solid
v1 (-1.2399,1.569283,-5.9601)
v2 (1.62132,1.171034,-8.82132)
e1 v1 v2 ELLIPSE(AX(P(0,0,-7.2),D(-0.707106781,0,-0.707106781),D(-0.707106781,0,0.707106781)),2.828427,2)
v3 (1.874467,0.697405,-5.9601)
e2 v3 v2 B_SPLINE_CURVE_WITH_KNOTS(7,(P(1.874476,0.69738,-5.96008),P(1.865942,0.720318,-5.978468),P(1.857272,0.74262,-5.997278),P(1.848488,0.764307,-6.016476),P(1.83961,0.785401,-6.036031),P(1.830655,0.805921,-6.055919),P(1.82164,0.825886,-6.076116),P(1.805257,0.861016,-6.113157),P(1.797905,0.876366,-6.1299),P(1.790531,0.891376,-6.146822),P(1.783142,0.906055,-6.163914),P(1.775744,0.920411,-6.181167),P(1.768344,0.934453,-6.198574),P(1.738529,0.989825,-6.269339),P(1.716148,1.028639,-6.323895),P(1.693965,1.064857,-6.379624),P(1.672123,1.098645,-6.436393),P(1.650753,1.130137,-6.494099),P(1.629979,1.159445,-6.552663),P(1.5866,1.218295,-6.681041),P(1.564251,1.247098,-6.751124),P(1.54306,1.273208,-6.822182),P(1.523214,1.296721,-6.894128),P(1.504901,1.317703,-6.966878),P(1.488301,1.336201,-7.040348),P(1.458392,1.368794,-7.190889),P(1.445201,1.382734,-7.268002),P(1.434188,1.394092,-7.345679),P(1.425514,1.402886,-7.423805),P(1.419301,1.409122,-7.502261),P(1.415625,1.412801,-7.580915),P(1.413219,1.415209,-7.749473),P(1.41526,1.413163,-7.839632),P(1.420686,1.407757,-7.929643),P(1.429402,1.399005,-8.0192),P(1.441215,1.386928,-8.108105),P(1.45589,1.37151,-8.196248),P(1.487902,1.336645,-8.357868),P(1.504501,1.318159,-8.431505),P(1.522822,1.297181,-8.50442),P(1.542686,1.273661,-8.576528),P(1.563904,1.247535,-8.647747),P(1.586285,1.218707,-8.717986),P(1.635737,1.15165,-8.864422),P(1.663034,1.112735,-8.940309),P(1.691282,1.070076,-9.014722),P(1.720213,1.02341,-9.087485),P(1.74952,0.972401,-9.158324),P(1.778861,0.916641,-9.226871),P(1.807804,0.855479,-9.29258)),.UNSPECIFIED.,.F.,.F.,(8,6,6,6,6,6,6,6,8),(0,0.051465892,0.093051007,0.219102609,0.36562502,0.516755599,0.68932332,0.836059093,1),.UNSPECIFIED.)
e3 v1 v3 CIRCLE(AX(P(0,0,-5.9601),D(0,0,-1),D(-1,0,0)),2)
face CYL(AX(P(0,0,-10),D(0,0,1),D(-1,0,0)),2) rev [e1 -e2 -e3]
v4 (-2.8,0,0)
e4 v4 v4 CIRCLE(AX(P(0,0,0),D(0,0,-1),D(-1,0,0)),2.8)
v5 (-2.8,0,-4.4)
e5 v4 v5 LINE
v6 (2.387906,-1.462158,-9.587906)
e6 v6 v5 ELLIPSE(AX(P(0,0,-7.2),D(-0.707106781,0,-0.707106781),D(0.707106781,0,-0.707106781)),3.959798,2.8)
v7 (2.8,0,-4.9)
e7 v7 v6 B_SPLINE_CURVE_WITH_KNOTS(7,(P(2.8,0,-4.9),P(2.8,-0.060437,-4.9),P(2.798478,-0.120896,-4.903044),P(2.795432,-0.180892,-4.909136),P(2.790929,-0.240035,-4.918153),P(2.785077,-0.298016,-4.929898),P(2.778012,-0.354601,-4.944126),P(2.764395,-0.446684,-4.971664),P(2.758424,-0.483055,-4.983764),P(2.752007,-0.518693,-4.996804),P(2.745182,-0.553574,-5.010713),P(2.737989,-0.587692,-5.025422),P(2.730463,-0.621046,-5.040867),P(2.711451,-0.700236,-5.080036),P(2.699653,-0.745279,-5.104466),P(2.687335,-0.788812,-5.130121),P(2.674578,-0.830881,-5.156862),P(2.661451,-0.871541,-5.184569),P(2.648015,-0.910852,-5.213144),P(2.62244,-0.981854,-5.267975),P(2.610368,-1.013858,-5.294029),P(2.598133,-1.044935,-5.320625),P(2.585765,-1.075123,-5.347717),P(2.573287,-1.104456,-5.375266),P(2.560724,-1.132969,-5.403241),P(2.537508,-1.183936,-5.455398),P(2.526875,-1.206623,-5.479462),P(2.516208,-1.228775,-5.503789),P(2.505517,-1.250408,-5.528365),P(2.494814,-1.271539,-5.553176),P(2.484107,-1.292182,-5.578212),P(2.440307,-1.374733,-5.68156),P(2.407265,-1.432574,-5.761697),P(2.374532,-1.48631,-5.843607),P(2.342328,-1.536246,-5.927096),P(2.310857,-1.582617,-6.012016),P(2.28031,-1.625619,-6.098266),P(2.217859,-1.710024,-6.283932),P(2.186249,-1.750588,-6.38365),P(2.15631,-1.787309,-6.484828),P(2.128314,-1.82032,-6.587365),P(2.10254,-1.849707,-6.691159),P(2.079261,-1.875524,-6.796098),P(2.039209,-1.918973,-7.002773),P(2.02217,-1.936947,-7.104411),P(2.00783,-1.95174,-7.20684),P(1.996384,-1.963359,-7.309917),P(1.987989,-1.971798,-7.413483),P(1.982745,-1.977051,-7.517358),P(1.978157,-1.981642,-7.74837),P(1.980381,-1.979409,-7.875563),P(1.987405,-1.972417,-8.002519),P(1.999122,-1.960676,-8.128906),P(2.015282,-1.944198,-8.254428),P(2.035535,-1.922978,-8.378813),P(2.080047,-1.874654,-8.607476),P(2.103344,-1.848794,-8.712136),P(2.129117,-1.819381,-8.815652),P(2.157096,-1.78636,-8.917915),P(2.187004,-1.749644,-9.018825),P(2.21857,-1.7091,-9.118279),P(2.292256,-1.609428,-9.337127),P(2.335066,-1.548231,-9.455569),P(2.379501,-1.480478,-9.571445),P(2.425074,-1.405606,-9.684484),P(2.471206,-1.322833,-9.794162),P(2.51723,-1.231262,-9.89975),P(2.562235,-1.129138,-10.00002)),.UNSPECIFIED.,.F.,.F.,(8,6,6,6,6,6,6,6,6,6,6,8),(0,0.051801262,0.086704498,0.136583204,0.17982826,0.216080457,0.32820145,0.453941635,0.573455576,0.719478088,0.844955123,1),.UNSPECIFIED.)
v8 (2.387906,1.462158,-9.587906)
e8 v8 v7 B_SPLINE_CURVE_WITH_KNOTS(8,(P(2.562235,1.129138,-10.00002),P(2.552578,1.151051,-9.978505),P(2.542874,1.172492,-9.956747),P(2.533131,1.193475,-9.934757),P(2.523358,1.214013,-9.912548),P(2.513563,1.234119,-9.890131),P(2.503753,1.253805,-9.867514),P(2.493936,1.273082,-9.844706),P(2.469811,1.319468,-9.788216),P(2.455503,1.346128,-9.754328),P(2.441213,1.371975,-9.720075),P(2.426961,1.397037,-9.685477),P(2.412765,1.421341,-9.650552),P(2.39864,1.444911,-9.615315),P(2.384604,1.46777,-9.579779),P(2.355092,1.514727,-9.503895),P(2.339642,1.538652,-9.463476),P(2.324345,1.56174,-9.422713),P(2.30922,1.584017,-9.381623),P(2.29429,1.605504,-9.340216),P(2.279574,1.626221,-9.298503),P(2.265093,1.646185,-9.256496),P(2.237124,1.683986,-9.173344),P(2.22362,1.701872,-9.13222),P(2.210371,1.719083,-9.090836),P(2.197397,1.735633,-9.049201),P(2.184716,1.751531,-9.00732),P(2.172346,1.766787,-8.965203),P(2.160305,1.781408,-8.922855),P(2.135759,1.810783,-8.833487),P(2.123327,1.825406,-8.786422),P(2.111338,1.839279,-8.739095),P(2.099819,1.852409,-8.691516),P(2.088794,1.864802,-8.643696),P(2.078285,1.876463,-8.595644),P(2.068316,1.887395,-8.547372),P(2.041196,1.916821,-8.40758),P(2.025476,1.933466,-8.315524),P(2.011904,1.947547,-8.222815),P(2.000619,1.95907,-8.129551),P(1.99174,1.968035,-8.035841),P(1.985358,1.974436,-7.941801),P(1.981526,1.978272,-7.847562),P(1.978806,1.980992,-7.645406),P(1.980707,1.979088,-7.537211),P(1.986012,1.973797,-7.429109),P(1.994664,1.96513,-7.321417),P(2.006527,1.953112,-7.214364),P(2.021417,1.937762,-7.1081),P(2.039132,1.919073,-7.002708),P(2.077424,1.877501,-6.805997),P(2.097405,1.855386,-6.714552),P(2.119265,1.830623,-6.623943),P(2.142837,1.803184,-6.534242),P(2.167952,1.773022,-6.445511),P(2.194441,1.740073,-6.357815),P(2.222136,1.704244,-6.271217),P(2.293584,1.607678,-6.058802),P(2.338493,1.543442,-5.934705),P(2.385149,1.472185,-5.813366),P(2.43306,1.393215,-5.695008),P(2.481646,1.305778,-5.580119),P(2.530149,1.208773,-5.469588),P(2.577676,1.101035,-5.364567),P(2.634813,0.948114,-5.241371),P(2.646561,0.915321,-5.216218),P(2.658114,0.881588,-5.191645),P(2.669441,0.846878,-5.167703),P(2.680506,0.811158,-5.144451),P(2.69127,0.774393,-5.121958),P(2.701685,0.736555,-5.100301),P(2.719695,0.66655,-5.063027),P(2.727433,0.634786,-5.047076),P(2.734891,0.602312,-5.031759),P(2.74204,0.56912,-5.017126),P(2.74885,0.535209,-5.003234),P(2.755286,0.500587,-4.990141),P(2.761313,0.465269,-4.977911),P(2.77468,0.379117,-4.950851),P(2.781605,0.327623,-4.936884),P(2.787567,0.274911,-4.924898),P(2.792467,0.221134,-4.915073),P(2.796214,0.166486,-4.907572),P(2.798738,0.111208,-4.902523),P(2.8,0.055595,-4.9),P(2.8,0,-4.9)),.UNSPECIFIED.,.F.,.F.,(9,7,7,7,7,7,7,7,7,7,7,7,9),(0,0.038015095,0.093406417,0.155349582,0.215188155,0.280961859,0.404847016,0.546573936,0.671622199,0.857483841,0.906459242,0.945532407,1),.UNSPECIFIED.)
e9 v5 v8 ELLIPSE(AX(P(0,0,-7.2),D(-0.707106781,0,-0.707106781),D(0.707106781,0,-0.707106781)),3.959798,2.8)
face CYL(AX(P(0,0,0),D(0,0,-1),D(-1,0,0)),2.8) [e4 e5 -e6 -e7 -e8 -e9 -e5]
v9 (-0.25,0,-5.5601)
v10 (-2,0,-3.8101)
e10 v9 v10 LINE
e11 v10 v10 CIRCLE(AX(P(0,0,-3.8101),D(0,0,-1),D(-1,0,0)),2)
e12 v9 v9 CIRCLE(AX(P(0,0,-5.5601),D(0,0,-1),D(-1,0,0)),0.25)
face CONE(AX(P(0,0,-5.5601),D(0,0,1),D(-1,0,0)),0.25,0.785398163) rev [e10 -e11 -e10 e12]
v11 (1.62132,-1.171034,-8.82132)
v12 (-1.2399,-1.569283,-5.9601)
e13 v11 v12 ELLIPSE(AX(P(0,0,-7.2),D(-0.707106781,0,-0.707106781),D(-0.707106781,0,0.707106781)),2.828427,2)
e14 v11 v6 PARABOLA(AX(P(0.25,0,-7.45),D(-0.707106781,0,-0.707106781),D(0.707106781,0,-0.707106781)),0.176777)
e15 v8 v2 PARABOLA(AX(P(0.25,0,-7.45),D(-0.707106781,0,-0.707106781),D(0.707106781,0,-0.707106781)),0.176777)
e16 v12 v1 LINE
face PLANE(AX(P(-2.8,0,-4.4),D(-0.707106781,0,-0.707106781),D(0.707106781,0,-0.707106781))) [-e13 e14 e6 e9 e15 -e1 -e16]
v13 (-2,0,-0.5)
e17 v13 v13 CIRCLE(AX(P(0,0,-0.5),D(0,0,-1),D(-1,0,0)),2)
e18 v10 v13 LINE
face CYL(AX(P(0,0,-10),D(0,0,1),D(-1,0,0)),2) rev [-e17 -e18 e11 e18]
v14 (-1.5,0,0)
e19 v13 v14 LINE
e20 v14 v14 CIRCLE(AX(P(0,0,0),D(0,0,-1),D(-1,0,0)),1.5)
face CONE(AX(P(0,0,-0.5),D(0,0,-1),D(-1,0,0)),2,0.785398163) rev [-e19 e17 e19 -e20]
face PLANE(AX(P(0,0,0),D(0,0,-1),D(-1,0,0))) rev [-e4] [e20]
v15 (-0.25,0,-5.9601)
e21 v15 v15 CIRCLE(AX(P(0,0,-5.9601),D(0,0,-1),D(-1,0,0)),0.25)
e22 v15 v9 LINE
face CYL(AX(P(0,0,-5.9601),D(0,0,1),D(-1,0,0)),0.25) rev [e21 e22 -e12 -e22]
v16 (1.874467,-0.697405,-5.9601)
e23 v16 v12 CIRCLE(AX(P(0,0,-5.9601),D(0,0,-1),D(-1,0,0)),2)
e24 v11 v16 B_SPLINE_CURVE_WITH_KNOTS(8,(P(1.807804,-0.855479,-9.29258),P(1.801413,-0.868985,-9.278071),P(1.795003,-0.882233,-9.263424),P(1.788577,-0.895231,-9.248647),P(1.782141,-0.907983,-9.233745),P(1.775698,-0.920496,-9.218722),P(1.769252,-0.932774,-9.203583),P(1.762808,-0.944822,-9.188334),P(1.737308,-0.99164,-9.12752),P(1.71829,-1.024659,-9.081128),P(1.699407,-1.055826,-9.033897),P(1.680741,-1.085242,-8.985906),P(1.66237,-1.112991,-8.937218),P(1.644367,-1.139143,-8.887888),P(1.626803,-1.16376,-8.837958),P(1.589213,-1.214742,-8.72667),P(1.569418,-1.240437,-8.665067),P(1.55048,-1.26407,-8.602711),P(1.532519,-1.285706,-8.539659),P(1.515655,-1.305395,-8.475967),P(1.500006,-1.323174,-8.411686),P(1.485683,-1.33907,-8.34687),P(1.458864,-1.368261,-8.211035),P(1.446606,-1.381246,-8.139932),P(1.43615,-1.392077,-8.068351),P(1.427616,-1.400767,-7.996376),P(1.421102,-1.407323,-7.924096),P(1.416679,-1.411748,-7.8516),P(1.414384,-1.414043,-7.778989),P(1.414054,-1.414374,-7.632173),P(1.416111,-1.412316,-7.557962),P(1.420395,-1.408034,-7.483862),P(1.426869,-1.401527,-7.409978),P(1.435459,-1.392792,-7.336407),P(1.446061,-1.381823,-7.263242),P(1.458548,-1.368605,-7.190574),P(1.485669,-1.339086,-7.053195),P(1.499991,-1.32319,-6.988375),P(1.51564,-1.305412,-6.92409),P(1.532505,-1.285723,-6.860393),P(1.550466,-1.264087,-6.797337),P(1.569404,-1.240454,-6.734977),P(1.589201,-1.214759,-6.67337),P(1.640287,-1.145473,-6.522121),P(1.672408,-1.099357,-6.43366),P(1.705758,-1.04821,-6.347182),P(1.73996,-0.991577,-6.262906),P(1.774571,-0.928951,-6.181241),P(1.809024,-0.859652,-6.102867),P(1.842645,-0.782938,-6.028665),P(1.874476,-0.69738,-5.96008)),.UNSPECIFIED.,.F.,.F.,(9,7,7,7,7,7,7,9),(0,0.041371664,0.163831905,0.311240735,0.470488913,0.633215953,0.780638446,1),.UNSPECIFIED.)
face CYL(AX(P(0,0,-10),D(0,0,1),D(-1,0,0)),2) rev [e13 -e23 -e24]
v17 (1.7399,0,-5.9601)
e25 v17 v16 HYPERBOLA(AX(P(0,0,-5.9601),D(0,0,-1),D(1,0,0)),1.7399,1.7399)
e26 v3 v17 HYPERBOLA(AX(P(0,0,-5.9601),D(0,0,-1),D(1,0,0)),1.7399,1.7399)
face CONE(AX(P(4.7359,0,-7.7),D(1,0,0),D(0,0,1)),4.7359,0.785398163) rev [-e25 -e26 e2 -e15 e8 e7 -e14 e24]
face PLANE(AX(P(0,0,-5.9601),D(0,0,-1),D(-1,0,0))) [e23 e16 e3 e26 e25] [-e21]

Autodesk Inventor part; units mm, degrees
ref_plane "YZ Plane" through (0, 0, 0) normal (1, 0, 0) x (0, 1, 0)
ref_plane "XZ Plane" through (0, 0, 0) normal (0, 1, 0) x (-1, 0, 0)
ref_plane "XY Plane" through (0, 0, 0) normal (0, 0, 1) x (1, 0, 0)
sketch "Sketch1" plane through (0, 0, 0) normal (0, 1, 0) x (-1, 0, 0)
  line L0 (0, 0) -> (0, -1.3956)
  line L1 (1.5, 0) -> (2.8, 0)
  line L2 (2.8, 0) -> (2.8, -10)
  line L3 (2.8, -10) -> (2, -10)
  line L4 (2, -10) -> (2, -0.5)
  line L5 (2, -5.9601) -> (0.25, -5.9601)
  line L6 (0.25, -5.9601) -> (0.25, -5.5601)
  line L7 (0.25, -5.5601) -> (2, -3.8101)
  line L8 (2, -3.8101) -> (2, -5.9601)
  line L9 (2.8, -4.4) -> (-2.8, -10)
  line L10 (-2.8, -10) -> (2.8, -10)
  line L11 (-2.8, -10) -> (-2.0623, -10)
  line L12 (2, -0.5) -> (1.5, 0)
  line L13 (0, -7.2) -> (0, -7.7) construction
  line L14 (0, -7.7) -> (-4.7359, -7.7)
  line L15 (-4.7359, -7.7) -> (-4.7359, -2.9641)
  line L16 (-4.7359, -2.9641) -> (0, -7.7)
  point P0 (2, -3.8101)
  point P1 (0, -10)
  point P2 (2, -10)
  point P3 (2, -5.2)
  point P4 (0.9439, -6.2561)
  point P5 (1.2399, -5.9601)
  point P6 (0.2, -7)
  point P7 (2, -5.2)
  point P8 (-0.5, -7.7)
  point P9 (-0.25, -7.45)
  dimension "d1" = 10
  dimension "d4" = 2
  dimension "d10" = 45
  dimension "d19" = 0.8
  dimension "d21" = 1.5
  dimension "d23" = 45
  dimension "d24" = 45
  dimension "d25" = 0.25
  dimension "d26" = 0.4
  dimension "d27" = 0.7
  dimension "d30" = 0.5
  dimension "d31" = 45
revolve "Revolution1" add sketch "Sketch1" angle 360 about axis through (0, 0, 0) along (0, 0, -1) contours L1 L2 L9 L4 L12 | L2 L3 L4 L9 | L4 L9 L5 L6 L7 | L4 L5 L9
extrude "Extrusion4" cut sketch "Sketch1" along normal mid plane 25.4 contours L2 L3 L4 L9 | L4 L5 L9 | L10 L9 L14 L16 L5 L4 | L16 L14 L9
revolve "Revolution3" cut sketch "Sketch1" angle 360 about axis through (0, 0, -7.7) along (1, 0, 0) contours L9 L14 L15 L16
properties part number "aperature"
